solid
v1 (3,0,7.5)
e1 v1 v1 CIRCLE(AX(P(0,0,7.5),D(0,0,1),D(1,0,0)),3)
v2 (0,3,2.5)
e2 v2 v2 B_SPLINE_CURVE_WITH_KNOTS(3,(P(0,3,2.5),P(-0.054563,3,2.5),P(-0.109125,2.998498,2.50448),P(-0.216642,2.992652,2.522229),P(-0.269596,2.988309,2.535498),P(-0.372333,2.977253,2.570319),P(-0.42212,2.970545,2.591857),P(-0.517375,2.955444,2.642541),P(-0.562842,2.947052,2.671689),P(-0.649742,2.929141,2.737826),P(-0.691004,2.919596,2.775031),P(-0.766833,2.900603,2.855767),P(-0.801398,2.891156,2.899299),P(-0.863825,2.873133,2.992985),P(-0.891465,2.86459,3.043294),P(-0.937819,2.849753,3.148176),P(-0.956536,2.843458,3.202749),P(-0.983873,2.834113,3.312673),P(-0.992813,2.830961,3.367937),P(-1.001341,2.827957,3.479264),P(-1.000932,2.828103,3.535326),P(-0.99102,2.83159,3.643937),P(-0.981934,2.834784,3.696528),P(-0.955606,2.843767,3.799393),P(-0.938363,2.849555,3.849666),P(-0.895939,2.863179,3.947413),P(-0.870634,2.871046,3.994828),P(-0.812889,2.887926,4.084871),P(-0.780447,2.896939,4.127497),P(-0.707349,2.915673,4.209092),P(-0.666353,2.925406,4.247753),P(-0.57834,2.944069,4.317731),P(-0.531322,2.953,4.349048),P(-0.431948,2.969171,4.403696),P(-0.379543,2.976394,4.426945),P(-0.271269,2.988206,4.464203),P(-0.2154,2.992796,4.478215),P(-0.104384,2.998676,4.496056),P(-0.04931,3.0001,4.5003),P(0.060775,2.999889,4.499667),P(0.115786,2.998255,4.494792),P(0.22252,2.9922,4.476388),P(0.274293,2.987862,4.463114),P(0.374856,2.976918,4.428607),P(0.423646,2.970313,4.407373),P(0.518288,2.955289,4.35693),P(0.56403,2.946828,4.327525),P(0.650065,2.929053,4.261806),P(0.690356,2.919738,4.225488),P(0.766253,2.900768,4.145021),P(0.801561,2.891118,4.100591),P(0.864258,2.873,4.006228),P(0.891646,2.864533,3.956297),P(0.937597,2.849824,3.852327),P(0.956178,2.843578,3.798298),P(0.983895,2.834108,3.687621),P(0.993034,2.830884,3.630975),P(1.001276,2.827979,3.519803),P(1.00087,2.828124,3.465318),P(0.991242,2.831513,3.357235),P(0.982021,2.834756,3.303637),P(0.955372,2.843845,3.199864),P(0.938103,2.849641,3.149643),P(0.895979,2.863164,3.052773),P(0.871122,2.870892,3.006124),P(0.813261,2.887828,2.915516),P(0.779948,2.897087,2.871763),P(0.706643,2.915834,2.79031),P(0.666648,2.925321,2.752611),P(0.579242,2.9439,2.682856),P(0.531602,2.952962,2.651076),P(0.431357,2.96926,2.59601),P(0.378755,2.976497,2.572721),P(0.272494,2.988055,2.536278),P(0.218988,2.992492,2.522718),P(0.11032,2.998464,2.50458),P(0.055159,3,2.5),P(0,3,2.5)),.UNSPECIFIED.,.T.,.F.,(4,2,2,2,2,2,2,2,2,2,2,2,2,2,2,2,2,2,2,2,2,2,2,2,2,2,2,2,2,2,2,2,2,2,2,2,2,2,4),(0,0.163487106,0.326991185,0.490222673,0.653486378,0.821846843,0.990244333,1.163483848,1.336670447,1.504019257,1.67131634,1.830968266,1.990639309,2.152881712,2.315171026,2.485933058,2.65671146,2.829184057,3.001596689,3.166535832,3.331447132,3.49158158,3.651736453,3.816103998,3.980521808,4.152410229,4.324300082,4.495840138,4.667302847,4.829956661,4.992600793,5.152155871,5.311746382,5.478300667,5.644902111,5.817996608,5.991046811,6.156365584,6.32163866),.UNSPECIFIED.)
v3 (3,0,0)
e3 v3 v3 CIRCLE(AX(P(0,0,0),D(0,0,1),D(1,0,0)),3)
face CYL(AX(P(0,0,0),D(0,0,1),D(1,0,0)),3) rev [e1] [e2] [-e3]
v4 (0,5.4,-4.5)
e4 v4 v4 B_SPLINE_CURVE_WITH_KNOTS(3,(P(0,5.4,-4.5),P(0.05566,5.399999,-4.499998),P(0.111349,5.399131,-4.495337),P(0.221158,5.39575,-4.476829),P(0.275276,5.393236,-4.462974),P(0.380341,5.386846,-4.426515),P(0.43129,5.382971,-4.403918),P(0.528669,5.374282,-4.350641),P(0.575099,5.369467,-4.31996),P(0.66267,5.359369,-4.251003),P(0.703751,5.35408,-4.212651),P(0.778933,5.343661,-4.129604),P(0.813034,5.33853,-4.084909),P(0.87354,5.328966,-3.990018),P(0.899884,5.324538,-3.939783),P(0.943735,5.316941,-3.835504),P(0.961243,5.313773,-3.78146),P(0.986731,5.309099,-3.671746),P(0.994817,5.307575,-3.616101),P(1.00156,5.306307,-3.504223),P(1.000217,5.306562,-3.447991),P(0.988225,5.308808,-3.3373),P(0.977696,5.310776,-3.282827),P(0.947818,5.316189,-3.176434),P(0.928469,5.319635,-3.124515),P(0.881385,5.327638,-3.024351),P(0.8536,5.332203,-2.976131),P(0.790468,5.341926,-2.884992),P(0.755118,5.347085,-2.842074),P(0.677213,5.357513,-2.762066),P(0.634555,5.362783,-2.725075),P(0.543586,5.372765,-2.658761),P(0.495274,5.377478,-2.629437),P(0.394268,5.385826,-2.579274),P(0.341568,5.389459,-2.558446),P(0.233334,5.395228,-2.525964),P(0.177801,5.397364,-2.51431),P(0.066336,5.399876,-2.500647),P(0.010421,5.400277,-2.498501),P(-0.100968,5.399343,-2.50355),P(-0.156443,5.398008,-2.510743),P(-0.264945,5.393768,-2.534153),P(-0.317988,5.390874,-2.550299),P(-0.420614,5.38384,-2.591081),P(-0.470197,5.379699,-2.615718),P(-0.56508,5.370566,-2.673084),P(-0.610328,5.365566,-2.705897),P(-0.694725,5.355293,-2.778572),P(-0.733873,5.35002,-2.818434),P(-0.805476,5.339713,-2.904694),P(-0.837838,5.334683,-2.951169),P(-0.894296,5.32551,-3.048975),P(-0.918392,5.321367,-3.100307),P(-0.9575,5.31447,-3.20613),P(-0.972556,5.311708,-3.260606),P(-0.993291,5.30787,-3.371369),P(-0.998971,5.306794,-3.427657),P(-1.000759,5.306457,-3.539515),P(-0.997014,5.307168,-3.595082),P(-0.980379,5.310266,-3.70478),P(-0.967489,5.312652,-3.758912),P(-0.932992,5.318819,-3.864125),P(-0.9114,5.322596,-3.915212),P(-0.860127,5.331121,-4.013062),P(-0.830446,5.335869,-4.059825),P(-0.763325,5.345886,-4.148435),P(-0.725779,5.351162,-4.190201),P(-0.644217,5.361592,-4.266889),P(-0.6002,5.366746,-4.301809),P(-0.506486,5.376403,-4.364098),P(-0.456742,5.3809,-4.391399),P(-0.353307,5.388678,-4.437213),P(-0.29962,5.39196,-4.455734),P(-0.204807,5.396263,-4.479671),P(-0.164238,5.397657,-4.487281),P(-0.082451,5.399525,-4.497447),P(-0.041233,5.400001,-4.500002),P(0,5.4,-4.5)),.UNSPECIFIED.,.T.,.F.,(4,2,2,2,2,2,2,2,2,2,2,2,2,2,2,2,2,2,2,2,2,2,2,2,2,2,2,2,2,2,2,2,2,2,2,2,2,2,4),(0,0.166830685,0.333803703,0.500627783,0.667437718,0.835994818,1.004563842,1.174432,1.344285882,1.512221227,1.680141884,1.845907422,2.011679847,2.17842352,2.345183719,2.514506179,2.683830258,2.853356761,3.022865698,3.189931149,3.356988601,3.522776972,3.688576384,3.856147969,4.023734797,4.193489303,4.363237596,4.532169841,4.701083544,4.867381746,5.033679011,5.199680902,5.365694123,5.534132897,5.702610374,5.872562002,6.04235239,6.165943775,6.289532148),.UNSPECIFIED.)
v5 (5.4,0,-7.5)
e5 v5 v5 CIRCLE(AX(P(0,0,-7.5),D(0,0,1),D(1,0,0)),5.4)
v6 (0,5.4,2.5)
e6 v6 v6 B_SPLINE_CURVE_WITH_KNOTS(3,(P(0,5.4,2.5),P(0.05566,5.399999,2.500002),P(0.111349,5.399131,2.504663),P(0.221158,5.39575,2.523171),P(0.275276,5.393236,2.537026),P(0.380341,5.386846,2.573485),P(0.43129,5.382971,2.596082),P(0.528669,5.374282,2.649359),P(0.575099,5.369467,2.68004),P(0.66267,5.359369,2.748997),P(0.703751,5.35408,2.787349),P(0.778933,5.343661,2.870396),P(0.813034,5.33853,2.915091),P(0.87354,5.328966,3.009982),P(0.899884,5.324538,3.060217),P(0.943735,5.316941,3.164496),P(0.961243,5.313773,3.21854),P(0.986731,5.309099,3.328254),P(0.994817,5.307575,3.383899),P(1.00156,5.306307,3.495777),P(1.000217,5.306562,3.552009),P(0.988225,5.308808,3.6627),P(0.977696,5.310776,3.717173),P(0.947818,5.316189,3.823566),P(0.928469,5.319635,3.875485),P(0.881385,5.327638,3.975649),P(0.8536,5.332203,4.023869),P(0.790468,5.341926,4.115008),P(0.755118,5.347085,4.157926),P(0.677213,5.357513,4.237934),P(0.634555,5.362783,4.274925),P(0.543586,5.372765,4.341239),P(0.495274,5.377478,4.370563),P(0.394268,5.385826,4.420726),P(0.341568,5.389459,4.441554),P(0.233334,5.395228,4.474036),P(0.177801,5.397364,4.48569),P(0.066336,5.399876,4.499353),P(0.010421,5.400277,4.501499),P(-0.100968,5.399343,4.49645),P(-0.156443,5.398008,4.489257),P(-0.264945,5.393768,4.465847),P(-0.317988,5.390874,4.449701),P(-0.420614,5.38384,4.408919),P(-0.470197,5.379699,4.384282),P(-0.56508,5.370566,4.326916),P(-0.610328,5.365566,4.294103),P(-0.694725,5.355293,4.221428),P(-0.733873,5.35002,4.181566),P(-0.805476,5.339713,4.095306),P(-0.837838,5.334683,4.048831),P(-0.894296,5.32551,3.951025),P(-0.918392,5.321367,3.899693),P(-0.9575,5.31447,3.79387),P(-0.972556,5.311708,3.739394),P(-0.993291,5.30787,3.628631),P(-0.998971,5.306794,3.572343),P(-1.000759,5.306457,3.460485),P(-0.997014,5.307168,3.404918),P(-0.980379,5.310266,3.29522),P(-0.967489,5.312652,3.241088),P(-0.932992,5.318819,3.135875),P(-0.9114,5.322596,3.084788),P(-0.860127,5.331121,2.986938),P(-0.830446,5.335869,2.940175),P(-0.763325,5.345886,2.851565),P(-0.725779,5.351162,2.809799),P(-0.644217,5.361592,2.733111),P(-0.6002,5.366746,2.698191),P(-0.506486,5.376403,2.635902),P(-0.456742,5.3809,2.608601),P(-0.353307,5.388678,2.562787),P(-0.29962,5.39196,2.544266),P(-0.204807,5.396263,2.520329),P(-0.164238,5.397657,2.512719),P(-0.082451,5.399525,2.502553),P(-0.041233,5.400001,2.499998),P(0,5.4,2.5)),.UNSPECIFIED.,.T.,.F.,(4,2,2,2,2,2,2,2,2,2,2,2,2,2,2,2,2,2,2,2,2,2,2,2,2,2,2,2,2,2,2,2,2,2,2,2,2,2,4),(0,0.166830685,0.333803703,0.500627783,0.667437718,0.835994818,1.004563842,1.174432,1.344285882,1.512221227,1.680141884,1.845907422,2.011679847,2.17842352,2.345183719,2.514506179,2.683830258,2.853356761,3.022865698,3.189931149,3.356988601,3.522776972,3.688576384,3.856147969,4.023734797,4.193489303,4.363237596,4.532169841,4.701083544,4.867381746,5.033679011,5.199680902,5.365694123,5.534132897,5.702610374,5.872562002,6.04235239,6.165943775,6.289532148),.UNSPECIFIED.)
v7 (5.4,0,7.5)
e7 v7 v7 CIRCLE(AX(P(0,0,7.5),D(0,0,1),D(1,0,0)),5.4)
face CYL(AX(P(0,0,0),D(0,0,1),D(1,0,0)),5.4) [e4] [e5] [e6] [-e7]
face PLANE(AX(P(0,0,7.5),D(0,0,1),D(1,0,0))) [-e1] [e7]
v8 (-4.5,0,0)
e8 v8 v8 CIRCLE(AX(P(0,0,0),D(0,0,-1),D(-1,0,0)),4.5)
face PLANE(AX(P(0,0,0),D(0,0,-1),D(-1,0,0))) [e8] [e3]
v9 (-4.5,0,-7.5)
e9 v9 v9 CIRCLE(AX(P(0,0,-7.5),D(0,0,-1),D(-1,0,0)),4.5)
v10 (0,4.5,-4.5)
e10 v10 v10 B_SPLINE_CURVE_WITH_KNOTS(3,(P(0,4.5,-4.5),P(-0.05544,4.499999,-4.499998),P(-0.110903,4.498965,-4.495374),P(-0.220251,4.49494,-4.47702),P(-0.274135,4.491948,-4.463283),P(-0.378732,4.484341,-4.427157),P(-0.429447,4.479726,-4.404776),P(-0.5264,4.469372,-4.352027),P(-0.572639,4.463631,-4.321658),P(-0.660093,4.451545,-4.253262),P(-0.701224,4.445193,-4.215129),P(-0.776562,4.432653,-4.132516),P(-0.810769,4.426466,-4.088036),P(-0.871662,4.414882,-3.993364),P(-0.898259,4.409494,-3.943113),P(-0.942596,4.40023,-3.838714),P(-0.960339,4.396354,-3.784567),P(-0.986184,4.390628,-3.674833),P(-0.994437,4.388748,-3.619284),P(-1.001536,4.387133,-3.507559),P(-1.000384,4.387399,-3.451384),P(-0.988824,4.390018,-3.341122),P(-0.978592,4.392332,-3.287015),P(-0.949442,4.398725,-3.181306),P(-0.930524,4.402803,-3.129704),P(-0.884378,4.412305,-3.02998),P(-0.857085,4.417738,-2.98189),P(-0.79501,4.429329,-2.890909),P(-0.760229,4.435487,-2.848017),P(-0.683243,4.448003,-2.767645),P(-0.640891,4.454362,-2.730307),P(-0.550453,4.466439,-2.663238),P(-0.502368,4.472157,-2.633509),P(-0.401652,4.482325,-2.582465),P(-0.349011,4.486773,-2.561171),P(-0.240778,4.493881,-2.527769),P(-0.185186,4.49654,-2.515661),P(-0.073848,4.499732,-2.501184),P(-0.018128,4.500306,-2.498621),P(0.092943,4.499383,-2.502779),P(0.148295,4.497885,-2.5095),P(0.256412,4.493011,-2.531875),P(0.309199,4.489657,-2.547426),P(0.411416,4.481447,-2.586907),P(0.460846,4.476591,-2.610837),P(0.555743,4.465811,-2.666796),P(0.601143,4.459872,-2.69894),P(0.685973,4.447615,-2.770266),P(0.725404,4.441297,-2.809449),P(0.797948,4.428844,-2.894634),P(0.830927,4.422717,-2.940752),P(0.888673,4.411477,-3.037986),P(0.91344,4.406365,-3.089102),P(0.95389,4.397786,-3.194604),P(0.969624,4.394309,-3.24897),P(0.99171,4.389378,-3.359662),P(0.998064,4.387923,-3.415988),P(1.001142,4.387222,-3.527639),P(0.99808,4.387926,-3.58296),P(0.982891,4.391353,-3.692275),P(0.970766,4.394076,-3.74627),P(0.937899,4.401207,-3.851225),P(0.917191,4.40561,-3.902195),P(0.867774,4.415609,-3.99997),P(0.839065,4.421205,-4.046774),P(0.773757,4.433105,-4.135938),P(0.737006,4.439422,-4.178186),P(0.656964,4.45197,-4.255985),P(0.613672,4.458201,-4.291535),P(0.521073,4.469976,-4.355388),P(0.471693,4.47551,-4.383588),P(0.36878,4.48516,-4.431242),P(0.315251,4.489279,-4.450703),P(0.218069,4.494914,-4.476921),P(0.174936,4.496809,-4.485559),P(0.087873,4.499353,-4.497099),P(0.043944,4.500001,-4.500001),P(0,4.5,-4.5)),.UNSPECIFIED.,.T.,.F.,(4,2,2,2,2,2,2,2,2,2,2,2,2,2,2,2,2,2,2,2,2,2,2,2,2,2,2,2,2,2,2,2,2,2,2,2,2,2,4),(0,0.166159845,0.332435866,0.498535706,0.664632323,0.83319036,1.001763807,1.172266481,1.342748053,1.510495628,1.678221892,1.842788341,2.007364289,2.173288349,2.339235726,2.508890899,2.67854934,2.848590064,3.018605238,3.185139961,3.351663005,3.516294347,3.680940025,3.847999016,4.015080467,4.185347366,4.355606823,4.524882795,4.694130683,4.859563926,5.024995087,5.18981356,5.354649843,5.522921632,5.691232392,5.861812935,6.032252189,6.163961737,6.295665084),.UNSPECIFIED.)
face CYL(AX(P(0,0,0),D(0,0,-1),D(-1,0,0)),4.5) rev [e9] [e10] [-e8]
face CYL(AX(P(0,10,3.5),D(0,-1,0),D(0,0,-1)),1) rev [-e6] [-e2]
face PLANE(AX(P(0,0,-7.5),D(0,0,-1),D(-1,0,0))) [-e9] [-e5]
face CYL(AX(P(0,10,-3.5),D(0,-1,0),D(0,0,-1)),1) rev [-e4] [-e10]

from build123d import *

# Parameters (mm, degrees)
CROQUIS2_R            = 1
CORTAR_EXTRUIR1_DEPTH = 10
CROQUIS3_R            = 3
CORTAR_EXTRUIR2_DEPTH = 7.5
CROQUIS4_R            = 4.5
CORTAR_EXTRUIR3_DEPTH = 7.5


with BuildPart() as part:
    # Croquis1 → Revolución1 (revolve)
    with BuildSketch(Plane(origin=(0, 0, 0), x_dir=(1, 0, 0), z_dir=(0, 1, 0))):
        Polygon((0, -7.5), (0, 0), (0, 7.5), (5.4, 7.5), (5.4, -7.5), align=None)
    revolve(axis=Axis((0, 0, 0), (0, 0, -1)))

    # Croquis2 → Cortar-Extruir1 (cut)
    with BuildSketch(Plane(origin=(0, 0, 0), x_dir=(1, 0, 0), z_dir=(0, 1, 0))):
        with Locations(Location((0, -3.5, 0), (0, 0, 90))):
            Circle(CROQUIS2_R)
        with Locations(Location((0, 3.5, 0), (0, 0, 90))):
            Circle(CROQUIS2_R)
    extrude(amount=CORTAR_EXTRUIR1_DEPTH, mode=Mode.SUBTRACT)

    # Croquis3 → Cortar-Extruir2 (cut)
    with BuildSketch(Plane.XY.offset(7.5)):
        Circle(CROQUIS3_R)
    extrude(amount=-CORTAR_EXTRUIR2_DEPTH, mode=Mode.SUBTRACT)

    # Croquis4 → Cortar-Extruir3 (cut)
    with BuildSketch(Plane(origin=(0, 0, -7.5), x_dir=(-1, 0, 0), z_dir=(0, 0, -1))):
        Circle(CROQUIS4_R)
    extrude(amount=-CORTAR_EXTRUIR3_DEPTH, mode=Mode.SUBTRACT)


solid = part.part
